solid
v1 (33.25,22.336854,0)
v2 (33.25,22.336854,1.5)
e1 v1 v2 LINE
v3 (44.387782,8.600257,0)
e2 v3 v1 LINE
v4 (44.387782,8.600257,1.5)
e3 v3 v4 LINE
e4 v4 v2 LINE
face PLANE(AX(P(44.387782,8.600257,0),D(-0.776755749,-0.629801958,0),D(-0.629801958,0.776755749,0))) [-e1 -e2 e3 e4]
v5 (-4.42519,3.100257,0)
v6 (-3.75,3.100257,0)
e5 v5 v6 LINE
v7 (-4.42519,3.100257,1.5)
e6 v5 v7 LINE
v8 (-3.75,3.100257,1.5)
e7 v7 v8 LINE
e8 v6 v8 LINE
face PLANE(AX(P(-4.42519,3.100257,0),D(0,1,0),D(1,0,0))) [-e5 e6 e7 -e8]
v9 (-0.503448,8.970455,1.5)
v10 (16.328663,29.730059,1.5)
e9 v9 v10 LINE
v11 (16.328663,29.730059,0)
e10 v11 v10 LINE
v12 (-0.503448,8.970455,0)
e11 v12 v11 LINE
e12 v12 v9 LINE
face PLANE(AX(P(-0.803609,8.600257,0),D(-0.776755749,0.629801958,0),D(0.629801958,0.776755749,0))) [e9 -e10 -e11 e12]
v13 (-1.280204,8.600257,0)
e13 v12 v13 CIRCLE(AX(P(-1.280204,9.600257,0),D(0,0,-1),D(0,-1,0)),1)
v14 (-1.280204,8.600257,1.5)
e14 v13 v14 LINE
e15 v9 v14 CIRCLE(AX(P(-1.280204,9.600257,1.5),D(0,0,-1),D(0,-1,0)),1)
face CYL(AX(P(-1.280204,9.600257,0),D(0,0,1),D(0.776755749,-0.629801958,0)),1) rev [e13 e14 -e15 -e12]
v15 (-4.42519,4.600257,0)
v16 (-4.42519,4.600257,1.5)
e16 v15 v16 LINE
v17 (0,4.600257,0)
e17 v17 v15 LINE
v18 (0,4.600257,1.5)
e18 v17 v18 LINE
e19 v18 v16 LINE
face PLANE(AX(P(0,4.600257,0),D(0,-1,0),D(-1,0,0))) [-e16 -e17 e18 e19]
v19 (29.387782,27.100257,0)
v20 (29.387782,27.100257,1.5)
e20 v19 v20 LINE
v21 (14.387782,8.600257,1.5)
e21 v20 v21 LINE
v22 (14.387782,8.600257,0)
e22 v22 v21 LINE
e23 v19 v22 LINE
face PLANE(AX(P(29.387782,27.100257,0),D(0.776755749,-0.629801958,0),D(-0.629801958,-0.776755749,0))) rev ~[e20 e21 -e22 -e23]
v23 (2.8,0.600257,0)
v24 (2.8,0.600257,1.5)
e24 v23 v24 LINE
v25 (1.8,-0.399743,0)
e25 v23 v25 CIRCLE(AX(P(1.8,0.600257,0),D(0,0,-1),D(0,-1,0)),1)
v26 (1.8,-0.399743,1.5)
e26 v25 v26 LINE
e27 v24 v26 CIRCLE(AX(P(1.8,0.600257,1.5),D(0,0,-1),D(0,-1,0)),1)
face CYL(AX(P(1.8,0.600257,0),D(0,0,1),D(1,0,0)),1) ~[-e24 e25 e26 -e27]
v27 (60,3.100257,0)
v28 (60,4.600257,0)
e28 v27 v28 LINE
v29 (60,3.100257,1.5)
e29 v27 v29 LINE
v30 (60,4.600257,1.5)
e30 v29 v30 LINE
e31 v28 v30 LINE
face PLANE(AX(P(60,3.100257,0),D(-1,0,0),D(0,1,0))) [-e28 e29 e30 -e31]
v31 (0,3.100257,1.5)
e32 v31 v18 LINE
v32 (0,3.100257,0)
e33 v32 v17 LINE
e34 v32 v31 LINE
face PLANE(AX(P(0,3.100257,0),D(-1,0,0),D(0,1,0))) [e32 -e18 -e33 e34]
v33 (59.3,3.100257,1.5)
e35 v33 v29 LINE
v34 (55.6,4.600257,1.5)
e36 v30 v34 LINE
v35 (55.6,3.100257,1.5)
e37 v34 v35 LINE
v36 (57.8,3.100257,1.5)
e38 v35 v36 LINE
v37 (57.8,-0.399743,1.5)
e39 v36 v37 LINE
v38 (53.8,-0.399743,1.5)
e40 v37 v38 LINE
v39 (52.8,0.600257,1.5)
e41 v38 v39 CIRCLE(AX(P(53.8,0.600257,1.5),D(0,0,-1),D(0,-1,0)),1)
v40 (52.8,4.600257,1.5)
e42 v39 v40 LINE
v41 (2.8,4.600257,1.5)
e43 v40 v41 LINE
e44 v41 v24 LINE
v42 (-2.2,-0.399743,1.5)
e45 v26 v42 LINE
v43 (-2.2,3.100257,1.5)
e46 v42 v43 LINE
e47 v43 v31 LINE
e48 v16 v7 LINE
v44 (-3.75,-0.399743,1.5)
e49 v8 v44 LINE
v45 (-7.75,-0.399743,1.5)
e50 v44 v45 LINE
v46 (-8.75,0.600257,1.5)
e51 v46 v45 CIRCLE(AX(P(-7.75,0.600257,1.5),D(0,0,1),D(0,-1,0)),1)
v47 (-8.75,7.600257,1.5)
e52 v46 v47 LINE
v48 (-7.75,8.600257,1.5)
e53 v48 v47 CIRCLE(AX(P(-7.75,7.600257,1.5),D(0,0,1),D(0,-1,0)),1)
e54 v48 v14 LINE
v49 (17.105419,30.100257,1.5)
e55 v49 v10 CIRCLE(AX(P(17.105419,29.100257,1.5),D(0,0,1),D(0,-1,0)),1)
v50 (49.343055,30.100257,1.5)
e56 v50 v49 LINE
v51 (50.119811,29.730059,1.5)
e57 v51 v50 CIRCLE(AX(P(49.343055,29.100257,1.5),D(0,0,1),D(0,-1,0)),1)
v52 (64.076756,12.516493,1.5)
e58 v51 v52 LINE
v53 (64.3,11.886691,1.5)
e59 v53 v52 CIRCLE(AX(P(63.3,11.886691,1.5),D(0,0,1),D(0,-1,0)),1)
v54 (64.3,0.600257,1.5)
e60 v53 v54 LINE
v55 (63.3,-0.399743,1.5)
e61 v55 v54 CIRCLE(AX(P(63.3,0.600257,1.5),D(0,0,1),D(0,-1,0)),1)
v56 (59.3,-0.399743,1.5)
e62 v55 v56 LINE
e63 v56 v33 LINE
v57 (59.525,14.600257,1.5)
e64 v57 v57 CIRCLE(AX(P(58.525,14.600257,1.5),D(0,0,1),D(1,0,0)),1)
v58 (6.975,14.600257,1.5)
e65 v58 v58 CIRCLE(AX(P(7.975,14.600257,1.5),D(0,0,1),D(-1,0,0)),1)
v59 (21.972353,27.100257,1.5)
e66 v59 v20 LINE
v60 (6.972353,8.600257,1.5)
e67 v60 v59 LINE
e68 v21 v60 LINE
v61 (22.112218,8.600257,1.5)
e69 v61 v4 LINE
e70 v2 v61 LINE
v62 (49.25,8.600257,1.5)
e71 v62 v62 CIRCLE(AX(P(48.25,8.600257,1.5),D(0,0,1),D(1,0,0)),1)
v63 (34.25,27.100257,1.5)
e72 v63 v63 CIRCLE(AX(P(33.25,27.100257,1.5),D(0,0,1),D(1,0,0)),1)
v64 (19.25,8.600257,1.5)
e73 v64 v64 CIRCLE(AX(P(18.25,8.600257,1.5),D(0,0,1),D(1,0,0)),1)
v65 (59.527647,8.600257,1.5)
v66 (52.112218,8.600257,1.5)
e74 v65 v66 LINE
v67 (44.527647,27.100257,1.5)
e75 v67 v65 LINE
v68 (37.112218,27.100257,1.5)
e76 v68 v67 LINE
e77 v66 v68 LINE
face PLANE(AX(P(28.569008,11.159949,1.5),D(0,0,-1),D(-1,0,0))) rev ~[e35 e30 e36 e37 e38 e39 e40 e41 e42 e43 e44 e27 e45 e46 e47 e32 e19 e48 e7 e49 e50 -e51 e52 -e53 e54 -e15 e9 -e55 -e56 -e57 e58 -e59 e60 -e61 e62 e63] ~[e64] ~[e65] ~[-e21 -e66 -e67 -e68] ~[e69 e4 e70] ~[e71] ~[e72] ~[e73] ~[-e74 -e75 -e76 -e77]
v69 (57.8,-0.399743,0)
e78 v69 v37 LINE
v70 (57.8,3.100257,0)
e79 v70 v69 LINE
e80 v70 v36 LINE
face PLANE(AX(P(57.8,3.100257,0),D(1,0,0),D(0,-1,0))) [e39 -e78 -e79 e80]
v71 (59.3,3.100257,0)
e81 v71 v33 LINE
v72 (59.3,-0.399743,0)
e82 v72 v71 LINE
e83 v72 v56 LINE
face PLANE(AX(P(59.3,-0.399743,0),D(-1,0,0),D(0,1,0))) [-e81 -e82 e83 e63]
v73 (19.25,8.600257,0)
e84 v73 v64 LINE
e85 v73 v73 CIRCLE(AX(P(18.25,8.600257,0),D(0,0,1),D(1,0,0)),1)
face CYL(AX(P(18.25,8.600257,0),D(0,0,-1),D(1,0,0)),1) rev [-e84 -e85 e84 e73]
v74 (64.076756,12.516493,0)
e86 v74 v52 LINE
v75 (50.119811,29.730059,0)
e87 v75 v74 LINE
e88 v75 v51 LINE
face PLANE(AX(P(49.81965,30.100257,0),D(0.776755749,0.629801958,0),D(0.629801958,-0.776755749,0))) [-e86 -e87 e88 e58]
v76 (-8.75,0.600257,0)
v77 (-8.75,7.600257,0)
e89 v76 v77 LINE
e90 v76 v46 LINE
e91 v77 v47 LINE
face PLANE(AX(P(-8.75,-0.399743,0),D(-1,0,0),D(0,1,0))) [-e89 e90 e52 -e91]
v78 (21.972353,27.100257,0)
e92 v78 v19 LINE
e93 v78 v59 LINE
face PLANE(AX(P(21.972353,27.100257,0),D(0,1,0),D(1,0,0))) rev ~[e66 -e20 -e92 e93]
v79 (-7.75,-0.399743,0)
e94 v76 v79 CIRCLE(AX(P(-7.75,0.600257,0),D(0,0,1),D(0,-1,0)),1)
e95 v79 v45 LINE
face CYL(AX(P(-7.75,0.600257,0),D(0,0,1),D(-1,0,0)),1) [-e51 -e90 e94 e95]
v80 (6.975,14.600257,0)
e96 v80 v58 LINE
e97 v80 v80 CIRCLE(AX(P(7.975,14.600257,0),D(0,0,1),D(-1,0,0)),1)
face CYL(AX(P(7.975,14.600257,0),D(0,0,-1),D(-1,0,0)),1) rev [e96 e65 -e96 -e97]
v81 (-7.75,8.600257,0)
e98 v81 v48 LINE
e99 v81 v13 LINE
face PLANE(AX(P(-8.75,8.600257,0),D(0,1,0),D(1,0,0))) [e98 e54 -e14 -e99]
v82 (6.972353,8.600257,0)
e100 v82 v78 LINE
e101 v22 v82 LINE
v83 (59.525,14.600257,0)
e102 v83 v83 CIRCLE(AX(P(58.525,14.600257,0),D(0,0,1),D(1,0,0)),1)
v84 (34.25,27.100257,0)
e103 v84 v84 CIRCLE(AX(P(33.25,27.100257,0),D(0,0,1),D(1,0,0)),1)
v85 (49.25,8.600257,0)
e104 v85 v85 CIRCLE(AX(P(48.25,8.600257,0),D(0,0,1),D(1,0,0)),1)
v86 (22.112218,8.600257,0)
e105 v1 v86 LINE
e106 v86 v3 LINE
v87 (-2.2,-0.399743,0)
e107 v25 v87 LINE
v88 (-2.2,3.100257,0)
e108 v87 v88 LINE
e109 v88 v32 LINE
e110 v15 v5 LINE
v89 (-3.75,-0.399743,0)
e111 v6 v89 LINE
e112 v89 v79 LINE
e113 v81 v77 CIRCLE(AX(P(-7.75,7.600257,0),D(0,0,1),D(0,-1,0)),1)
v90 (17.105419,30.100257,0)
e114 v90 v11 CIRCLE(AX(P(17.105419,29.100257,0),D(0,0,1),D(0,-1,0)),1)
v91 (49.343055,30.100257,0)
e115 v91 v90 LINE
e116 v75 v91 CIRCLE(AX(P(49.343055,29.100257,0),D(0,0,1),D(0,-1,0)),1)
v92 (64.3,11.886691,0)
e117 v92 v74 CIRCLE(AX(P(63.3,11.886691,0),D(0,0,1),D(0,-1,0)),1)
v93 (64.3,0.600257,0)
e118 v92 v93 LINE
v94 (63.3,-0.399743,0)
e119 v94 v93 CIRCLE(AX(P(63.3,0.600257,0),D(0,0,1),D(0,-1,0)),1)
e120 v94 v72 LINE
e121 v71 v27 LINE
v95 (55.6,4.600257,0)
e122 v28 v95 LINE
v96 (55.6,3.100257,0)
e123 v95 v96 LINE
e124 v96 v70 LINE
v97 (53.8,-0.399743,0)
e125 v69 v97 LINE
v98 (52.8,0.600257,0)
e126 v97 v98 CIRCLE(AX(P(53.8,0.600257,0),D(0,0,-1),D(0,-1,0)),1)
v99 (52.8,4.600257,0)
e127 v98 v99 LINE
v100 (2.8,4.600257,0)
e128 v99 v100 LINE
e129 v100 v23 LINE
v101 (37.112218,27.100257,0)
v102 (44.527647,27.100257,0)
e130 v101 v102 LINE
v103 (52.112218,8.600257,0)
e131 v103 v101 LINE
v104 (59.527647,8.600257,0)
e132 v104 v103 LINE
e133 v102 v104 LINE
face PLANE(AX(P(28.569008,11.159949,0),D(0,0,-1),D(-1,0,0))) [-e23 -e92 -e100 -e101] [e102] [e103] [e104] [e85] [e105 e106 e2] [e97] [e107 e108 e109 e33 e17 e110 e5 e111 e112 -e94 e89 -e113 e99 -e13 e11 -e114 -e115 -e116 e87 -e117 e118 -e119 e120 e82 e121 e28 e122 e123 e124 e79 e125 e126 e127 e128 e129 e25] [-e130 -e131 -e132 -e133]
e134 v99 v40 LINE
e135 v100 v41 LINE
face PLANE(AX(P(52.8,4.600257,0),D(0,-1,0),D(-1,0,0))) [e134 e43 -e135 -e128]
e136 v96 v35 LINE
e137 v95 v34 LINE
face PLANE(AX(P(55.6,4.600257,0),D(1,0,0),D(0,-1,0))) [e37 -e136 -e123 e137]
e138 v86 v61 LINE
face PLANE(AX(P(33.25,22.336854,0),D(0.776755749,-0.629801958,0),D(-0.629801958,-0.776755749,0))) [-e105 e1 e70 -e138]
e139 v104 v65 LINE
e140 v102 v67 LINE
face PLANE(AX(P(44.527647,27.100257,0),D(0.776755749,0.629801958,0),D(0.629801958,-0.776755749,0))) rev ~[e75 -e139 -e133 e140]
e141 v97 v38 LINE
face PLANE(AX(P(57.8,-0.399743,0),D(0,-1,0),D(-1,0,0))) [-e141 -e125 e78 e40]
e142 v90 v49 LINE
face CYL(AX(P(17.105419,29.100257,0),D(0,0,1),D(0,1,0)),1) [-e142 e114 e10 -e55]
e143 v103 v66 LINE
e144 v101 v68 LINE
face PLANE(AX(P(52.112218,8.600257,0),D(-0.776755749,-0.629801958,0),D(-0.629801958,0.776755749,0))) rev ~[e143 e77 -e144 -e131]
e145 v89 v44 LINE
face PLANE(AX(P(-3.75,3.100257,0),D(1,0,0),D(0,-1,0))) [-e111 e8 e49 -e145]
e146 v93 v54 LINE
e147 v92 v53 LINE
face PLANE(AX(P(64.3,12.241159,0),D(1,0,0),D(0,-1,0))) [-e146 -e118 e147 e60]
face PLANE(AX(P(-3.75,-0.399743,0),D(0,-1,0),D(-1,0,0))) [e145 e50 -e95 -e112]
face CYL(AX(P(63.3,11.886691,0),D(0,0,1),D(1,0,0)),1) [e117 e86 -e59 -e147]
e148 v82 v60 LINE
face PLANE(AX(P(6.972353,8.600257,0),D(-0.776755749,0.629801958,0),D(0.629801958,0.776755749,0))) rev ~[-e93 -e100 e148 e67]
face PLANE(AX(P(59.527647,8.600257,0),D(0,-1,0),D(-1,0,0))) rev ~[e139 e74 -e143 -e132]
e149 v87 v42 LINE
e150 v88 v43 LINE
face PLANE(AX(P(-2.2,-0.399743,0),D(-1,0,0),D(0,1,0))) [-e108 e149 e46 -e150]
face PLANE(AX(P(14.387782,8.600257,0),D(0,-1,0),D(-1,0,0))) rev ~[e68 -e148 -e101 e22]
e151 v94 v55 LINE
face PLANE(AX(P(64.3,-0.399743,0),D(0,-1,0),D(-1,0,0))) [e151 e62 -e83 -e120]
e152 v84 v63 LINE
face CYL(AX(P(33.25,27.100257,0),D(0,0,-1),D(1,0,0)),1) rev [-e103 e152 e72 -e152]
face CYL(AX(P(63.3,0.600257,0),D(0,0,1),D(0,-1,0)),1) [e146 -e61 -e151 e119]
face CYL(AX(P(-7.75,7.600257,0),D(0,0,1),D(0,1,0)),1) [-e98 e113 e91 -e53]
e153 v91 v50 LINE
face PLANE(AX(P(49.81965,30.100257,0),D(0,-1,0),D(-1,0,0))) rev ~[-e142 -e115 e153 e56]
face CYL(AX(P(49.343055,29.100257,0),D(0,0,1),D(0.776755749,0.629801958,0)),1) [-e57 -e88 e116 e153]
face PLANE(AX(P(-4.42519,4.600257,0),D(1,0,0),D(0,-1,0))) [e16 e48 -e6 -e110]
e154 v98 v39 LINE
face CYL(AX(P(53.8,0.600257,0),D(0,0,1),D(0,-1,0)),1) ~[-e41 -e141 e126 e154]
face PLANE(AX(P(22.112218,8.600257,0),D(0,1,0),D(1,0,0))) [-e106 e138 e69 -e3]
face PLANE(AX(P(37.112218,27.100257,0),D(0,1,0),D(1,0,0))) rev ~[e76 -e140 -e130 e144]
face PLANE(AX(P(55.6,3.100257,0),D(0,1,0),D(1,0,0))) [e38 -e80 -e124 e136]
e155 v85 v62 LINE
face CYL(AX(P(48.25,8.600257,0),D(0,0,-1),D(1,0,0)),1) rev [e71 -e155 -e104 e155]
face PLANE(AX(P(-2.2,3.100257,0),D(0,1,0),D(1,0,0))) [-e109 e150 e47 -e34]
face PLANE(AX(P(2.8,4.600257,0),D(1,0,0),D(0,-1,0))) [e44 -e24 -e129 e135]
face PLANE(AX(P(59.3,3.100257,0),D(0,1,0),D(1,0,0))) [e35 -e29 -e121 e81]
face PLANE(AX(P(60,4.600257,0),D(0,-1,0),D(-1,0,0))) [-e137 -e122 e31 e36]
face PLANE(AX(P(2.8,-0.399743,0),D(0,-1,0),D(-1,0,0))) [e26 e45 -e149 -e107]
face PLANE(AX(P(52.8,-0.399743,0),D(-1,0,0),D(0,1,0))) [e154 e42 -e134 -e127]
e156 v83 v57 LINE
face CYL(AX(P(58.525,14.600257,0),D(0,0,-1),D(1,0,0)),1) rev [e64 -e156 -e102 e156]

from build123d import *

# Parameters (mm, degrees)
SKETCH_1_R      = 1
EXTRUDE_1_DEPTH = 1.5
FILLET_1_R      = 1


with BuildPart() as part:
    # 草图1 → 凸台-拉伸1 (new body)
    with BuildSketch(Plane.XY):
        Polygon((64.3, -0.39974336), (59.3, -0.39974336), (59.3, 3.10025664), (60, 3.10025664), (60, 4.60025664), (55.6, 4.60025664), (55.6, 3.10025664), (57.8, 3.10025664), (57.8, -0.39974336), (52.8, -0.39974336), (52.8, 4.60025664), (2.8, 4.60025664), (2.8, -0.39974336), (-2.2, -0.39974336), (-2.2, 3.10025664), (0, 3.10025664), (0, 4.60025664), (-4.42519, 4.60025664), (-4.42519, 3.10025664), (-3.75, 3.10025664), (-3.75, -0.39974336), (-8.75, -0.39974336), (-8.75, 8.60025664), (-0.803608582, 8.60025664), (16.62882385, 30.10025664), (34.845120873, 30.10025664), (49.819650388, 30.10025664), (64.3, 12.241158786), align=None)
        with Locations((33.25, 27.10025664)):
            Circle(SKETCH_1_R, mode=Mode.SUBTRACT)
        with Locations((48.25, 8.60025664)):
            Circle(SKETCH_1_R, mode=Mode.SUBTRACT)
        with Locations((18.25, 8.60025664)):
            Circle(SKETCH_1_R, mode=Mode.SUBTRACT)
        with Locations((58.525, 14.60025664)):
            Circle(SKETCH_1_R, mode=Mode.SUBTRACT)
        with Locations(Location((7.975, 14.60025664, 0), (0, 0, 180))):
            Circle(SKETCH_1_R, mode=Mode.SUBTRACT)
        Polygon((59.527646909, 8.60025664), (52.112217956, 8.60025664), (37.112217956, 27.10025664), (44.527646909, 27.10025664), align=None, mode=Mode.SUBTRACT)
        Polygon((44.387782044, 8.60025664), (33.25, 22.336854495), (22.112217956, 8.60025664), align=None, mode=Mode.SUBTRACT)
        Polygon((21.972353091, 27.10025664), (29.387782044, 27.10025664), (14.387782044, 8.60025664), (6.972353091, 8.60025664), align=None, mode=Mode.SUBTRACT)
    extrude(amount=EXTRUDE_1_DEPTH)

    # 圆角1
    fillet_1_edges = [part.edges().sort_by_distance(p)[0] for p in [
        (64.3, -0.39974336, 0.75),
        (52.8, -0.39974336, 0.75),
        (2.8, -0.39974336, 0.75),
        (-8.75, -0.39974336, 0.75),
        (-8.75, 8.60025664, 0.75),
        (-0.803608582, 8.60025664, 0.75),
        (16.62882385, 30.10025664, 0.75),
        (49.819650388, 30.10025664, 0.75),
        (64.3, 12.241158786, 0.75),
    ]]
    fillet(fillet_1_edges, radius=FILLET_1_R)


solid = part.part
